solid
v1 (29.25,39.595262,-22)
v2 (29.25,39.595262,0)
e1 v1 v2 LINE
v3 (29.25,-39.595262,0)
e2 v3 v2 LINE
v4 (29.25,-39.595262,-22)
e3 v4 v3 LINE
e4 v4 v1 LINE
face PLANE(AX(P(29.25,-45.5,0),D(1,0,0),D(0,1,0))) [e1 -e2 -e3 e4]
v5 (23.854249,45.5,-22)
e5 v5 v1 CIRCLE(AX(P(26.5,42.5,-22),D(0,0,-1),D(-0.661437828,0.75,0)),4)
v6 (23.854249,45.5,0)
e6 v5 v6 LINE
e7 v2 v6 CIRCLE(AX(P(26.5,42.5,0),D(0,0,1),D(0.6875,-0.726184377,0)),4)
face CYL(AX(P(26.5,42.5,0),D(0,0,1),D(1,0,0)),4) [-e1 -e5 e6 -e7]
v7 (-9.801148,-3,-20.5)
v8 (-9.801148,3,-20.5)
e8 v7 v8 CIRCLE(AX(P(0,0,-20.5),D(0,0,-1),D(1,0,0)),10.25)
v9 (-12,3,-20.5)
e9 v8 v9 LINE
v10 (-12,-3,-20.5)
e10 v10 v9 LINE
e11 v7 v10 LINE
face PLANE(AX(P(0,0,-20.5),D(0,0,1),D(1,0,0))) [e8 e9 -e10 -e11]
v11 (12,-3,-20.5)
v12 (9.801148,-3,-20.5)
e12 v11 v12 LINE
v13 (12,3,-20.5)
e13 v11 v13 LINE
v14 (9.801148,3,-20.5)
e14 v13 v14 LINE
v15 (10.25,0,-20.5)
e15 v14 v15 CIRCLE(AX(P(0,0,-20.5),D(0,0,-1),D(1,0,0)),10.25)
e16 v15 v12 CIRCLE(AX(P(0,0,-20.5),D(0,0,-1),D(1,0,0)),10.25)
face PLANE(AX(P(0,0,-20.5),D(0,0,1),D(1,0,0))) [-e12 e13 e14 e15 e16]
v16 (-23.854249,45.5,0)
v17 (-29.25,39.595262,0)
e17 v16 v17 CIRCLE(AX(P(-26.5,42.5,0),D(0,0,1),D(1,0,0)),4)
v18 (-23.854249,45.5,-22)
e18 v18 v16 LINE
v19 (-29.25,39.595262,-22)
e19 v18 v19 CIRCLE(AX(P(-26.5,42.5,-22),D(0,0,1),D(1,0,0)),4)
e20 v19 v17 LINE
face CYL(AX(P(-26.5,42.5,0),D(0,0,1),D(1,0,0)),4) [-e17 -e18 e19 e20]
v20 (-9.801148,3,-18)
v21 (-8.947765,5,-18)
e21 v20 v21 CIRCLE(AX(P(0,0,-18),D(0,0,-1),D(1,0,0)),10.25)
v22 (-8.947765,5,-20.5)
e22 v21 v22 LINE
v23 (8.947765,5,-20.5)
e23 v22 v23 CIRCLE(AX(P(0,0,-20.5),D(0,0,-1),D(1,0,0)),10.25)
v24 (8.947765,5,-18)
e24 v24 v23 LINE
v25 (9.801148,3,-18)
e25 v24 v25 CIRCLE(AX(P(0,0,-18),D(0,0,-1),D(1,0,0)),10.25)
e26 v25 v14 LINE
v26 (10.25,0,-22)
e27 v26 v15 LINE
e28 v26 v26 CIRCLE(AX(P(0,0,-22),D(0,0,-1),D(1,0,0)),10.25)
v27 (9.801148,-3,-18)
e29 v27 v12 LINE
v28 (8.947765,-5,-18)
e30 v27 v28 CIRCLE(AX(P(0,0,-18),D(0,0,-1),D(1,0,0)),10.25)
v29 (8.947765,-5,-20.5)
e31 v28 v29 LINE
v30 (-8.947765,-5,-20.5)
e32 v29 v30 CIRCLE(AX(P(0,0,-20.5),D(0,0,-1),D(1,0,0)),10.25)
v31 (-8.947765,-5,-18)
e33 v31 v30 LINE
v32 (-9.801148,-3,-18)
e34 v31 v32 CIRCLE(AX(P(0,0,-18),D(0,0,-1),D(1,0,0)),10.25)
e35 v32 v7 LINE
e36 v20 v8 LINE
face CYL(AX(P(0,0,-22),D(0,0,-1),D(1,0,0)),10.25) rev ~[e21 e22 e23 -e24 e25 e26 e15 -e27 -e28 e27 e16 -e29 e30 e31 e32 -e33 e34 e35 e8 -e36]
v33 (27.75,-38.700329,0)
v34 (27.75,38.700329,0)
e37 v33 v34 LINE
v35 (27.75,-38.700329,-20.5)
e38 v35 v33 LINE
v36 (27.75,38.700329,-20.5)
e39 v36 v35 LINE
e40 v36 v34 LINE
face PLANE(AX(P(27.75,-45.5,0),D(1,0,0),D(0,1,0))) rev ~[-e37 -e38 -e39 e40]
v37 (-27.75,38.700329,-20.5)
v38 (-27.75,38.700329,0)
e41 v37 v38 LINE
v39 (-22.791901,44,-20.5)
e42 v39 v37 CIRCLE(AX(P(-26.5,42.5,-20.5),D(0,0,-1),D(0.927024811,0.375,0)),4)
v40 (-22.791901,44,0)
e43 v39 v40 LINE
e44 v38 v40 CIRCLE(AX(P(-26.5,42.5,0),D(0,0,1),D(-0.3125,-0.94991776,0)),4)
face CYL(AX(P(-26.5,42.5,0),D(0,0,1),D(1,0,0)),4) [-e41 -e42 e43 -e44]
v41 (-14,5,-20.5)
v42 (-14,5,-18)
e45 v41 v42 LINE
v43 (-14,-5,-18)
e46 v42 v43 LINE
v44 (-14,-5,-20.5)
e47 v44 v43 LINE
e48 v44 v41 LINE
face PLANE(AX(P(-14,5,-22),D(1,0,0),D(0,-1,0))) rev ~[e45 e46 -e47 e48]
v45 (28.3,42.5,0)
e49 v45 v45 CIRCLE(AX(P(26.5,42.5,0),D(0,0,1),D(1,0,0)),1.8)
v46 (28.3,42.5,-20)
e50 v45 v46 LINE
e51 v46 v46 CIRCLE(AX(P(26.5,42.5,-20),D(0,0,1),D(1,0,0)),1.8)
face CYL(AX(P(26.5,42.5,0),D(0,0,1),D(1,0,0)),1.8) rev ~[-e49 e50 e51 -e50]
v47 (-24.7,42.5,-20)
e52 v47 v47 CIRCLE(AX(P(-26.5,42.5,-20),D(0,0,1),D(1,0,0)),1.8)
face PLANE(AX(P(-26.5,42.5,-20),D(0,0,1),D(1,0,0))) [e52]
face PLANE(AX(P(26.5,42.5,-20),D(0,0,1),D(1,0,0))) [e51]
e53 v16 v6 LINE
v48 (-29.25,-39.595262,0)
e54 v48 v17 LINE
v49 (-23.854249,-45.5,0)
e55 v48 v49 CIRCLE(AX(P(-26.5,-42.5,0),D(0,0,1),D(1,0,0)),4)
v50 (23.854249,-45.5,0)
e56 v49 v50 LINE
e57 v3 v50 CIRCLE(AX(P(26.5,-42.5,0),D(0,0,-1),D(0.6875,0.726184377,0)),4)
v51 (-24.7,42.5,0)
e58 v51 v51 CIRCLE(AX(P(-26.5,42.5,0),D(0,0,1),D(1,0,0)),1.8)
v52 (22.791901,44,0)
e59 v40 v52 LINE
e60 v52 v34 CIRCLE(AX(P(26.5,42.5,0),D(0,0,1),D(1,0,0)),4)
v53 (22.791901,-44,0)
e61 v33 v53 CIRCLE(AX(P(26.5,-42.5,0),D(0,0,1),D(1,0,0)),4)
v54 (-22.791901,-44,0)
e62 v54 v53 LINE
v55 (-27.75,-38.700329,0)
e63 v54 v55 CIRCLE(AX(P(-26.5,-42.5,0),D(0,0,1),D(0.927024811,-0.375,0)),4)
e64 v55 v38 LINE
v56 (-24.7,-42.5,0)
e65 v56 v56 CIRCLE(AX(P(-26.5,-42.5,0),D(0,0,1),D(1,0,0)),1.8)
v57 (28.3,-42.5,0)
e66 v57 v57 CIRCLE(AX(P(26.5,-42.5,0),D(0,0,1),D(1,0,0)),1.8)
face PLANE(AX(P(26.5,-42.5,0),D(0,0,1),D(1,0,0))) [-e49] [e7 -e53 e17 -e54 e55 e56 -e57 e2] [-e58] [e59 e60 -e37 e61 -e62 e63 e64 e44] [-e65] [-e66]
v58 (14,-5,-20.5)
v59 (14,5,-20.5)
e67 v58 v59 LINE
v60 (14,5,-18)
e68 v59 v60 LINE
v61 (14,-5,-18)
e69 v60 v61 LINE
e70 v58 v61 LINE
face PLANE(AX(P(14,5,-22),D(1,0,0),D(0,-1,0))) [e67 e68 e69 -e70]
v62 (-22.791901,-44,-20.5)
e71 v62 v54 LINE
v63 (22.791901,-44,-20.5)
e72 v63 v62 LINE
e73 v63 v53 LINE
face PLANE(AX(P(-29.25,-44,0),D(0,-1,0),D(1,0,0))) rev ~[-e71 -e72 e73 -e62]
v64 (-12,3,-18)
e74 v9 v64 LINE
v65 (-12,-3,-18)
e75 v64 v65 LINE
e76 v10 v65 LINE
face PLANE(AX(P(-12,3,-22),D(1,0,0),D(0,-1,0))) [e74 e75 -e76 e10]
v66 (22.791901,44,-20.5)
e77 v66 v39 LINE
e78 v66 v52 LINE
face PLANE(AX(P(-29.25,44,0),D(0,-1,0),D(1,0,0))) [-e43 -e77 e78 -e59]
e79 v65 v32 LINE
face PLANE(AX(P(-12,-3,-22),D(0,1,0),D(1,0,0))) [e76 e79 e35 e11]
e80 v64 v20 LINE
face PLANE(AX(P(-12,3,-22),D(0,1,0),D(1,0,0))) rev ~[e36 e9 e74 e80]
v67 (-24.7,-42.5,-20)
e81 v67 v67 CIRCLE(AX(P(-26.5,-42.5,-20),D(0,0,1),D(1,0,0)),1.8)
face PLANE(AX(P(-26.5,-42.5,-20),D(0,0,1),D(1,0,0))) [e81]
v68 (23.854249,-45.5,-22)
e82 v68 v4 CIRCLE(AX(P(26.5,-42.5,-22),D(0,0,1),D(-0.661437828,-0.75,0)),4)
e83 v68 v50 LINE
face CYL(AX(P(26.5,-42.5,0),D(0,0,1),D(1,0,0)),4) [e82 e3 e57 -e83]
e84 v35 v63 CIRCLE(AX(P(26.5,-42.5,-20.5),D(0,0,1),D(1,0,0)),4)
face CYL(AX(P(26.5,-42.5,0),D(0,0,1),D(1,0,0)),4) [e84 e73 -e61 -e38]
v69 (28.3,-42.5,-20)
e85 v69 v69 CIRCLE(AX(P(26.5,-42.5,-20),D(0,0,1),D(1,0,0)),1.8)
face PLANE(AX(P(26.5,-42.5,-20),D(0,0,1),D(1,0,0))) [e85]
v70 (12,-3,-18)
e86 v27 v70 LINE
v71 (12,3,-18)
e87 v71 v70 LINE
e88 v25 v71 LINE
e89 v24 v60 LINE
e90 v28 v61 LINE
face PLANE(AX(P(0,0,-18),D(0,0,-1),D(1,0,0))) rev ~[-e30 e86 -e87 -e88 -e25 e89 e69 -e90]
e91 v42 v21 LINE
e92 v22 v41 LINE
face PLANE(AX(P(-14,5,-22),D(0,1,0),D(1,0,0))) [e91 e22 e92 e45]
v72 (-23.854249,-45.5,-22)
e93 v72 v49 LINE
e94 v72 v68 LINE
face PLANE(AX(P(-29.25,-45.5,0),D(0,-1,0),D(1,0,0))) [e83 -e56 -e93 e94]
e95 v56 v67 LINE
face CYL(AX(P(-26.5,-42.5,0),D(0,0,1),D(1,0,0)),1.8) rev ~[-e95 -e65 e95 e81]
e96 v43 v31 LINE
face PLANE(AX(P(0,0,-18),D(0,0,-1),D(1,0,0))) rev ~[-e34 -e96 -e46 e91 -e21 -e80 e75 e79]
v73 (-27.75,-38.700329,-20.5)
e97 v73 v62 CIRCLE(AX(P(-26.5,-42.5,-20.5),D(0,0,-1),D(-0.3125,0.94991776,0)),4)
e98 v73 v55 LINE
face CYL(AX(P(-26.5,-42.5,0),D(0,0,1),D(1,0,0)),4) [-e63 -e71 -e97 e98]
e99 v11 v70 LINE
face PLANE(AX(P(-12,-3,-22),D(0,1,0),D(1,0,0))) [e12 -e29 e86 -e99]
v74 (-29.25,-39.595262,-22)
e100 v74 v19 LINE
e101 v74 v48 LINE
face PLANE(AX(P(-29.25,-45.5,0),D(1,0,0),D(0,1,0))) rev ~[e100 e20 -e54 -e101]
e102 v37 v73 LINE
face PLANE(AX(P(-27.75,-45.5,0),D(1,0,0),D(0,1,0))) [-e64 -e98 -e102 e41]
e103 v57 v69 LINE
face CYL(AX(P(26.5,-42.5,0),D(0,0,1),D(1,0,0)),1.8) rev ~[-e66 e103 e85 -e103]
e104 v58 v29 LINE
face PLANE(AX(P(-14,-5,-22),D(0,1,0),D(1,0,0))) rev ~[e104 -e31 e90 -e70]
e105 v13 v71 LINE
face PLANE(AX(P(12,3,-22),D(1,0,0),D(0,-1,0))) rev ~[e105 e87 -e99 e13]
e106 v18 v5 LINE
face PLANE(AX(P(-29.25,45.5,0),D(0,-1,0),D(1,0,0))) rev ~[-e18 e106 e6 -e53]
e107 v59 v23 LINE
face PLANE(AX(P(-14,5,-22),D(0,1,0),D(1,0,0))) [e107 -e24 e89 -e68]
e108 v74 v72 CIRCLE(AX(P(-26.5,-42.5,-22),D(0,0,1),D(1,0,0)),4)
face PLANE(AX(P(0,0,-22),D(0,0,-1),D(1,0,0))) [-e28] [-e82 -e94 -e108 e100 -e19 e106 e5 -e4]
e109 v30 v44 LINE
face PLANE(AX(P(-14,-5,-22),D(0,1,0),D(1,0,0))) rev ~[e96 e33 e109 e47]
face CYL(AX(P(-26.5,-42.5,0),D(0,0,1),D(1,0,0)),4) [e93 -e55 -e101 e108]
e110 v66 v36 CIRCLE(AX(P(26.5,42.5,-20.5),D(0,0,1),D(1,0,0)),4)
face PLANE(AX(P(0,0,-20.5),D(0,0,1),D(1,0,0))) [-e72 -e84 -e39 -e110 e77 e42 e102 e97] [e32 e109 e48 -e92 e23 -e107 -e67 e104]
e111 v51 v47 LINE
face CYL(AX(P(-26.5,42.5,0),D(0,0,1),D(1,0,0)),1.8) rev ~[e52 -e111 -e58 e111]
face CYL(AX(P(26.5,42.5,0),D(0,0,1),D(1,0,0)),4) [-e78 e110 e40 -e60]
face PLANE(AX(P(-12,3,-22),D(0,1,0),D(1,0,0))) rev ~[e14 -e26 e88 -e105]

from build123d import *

# Parameters (mm, degrees)
F0_W      = 58.5
F0_H      = 91
F1_DEPTH  = 22
F2_T      = -1.5
F3_R      = 3
F4_R      = 2
F5_R      = 4
F6_DEPTH  = 22
F7_R      = 1.8
F8_DEPTH  = 20
F11_W     = 28
F11_H     = 10
F11_W_2   = 24
F11_H_2   = 6
F12_DEPTH = 4
F10_R     = 10.25
F13_DEPTH = 25


with BuildPart() as f1:
    # F0 (on Top) → F1 (new body)
    with BuildSketch(Plane.XY):
        Rectangle(F0_W, F0_H)
    extrude(amount=-F1_DEPTH)

    # F2
    f2_openings = [f1.faces().sort_by_distance(p)[0] for p in [
        (0, 0, 0),
    ]]
    offset(amount=F2_T, openings=f2_openings)

    # F3
    f3_edges = [f1.edges().sort_by_distance(p)[0] for p in [
        (-29.25, 45.5, -11),
        (29.25, 45.5, -11),
        (-29.25, -45.5, -11),
        (29.25, -45.5, -11),
    ]]
    fillet(f3_edges, radius=F3_R)

    # F4
    f4_edges = [f1.edges().sort_by_distance(p)[0] for p in [
        (-27.75, 44, -10.25),
        (-27.75, -44, -10.25),
        (27.75, -44, -10.25),
        (27.75, 44, -10.25),
    ]]
    fillet(f4_edges, radius=F4_R)

    # F5 (on face) → F6 (join)
    with BuildSketch(Plane.XY):
        with Locations((26.5, -42.5)):
            Circle(F5_R)
        with Locations((26.5, 42.5)):
            Circle(F5_R)
        with Locations((-26.5, 42.5)):
            Circle(F5_R)
        with Locations((-26.5, -42.5)):
            Circle(F5_R)
    extrude(amount=-F6_DEPTH)

    # F7 (on Top) → F8 (cut)
    with BuildSketch(Plane.XY):
        with Locations((26.5, -42.5)):
            Circle(F7_R)
        with Locations((26.5, 42.5)):
            Circle(F7_R)
        with Locations((-26.5, -42.5)):
            Circle(F7_R)
        with Locations((-26.5, 42.5)):
            Circle(F7_R)
    extrude(amount=-F8_DEPTH, mode=Mode.SUBTRACT)

    # F11 (on face) → F12 (join)
    with BuildSketch(Plane(origin=(0, 0, -22), x_dir=(1, 0, 0), z_dir=(0, 0, -1))):
        Rectangle(F11_W, F11_H)
        Rectangle(F11_W_2, F11_H_2, mode=Mode.SUBTRACT)
    extrude(amount=-F12_DEPTH)

    # F10 (on face) → F13 (cut)
    with BuildSketch(Plane(origin=(0, 0, -22), x_dir=(1, 0, 0), z_dir=(0, 0, -1))):
        Circle(F10_R)
    extrude(amount=-F13_DEPTH, mode=Mode.SUBTRACT)


solid = f1.part
